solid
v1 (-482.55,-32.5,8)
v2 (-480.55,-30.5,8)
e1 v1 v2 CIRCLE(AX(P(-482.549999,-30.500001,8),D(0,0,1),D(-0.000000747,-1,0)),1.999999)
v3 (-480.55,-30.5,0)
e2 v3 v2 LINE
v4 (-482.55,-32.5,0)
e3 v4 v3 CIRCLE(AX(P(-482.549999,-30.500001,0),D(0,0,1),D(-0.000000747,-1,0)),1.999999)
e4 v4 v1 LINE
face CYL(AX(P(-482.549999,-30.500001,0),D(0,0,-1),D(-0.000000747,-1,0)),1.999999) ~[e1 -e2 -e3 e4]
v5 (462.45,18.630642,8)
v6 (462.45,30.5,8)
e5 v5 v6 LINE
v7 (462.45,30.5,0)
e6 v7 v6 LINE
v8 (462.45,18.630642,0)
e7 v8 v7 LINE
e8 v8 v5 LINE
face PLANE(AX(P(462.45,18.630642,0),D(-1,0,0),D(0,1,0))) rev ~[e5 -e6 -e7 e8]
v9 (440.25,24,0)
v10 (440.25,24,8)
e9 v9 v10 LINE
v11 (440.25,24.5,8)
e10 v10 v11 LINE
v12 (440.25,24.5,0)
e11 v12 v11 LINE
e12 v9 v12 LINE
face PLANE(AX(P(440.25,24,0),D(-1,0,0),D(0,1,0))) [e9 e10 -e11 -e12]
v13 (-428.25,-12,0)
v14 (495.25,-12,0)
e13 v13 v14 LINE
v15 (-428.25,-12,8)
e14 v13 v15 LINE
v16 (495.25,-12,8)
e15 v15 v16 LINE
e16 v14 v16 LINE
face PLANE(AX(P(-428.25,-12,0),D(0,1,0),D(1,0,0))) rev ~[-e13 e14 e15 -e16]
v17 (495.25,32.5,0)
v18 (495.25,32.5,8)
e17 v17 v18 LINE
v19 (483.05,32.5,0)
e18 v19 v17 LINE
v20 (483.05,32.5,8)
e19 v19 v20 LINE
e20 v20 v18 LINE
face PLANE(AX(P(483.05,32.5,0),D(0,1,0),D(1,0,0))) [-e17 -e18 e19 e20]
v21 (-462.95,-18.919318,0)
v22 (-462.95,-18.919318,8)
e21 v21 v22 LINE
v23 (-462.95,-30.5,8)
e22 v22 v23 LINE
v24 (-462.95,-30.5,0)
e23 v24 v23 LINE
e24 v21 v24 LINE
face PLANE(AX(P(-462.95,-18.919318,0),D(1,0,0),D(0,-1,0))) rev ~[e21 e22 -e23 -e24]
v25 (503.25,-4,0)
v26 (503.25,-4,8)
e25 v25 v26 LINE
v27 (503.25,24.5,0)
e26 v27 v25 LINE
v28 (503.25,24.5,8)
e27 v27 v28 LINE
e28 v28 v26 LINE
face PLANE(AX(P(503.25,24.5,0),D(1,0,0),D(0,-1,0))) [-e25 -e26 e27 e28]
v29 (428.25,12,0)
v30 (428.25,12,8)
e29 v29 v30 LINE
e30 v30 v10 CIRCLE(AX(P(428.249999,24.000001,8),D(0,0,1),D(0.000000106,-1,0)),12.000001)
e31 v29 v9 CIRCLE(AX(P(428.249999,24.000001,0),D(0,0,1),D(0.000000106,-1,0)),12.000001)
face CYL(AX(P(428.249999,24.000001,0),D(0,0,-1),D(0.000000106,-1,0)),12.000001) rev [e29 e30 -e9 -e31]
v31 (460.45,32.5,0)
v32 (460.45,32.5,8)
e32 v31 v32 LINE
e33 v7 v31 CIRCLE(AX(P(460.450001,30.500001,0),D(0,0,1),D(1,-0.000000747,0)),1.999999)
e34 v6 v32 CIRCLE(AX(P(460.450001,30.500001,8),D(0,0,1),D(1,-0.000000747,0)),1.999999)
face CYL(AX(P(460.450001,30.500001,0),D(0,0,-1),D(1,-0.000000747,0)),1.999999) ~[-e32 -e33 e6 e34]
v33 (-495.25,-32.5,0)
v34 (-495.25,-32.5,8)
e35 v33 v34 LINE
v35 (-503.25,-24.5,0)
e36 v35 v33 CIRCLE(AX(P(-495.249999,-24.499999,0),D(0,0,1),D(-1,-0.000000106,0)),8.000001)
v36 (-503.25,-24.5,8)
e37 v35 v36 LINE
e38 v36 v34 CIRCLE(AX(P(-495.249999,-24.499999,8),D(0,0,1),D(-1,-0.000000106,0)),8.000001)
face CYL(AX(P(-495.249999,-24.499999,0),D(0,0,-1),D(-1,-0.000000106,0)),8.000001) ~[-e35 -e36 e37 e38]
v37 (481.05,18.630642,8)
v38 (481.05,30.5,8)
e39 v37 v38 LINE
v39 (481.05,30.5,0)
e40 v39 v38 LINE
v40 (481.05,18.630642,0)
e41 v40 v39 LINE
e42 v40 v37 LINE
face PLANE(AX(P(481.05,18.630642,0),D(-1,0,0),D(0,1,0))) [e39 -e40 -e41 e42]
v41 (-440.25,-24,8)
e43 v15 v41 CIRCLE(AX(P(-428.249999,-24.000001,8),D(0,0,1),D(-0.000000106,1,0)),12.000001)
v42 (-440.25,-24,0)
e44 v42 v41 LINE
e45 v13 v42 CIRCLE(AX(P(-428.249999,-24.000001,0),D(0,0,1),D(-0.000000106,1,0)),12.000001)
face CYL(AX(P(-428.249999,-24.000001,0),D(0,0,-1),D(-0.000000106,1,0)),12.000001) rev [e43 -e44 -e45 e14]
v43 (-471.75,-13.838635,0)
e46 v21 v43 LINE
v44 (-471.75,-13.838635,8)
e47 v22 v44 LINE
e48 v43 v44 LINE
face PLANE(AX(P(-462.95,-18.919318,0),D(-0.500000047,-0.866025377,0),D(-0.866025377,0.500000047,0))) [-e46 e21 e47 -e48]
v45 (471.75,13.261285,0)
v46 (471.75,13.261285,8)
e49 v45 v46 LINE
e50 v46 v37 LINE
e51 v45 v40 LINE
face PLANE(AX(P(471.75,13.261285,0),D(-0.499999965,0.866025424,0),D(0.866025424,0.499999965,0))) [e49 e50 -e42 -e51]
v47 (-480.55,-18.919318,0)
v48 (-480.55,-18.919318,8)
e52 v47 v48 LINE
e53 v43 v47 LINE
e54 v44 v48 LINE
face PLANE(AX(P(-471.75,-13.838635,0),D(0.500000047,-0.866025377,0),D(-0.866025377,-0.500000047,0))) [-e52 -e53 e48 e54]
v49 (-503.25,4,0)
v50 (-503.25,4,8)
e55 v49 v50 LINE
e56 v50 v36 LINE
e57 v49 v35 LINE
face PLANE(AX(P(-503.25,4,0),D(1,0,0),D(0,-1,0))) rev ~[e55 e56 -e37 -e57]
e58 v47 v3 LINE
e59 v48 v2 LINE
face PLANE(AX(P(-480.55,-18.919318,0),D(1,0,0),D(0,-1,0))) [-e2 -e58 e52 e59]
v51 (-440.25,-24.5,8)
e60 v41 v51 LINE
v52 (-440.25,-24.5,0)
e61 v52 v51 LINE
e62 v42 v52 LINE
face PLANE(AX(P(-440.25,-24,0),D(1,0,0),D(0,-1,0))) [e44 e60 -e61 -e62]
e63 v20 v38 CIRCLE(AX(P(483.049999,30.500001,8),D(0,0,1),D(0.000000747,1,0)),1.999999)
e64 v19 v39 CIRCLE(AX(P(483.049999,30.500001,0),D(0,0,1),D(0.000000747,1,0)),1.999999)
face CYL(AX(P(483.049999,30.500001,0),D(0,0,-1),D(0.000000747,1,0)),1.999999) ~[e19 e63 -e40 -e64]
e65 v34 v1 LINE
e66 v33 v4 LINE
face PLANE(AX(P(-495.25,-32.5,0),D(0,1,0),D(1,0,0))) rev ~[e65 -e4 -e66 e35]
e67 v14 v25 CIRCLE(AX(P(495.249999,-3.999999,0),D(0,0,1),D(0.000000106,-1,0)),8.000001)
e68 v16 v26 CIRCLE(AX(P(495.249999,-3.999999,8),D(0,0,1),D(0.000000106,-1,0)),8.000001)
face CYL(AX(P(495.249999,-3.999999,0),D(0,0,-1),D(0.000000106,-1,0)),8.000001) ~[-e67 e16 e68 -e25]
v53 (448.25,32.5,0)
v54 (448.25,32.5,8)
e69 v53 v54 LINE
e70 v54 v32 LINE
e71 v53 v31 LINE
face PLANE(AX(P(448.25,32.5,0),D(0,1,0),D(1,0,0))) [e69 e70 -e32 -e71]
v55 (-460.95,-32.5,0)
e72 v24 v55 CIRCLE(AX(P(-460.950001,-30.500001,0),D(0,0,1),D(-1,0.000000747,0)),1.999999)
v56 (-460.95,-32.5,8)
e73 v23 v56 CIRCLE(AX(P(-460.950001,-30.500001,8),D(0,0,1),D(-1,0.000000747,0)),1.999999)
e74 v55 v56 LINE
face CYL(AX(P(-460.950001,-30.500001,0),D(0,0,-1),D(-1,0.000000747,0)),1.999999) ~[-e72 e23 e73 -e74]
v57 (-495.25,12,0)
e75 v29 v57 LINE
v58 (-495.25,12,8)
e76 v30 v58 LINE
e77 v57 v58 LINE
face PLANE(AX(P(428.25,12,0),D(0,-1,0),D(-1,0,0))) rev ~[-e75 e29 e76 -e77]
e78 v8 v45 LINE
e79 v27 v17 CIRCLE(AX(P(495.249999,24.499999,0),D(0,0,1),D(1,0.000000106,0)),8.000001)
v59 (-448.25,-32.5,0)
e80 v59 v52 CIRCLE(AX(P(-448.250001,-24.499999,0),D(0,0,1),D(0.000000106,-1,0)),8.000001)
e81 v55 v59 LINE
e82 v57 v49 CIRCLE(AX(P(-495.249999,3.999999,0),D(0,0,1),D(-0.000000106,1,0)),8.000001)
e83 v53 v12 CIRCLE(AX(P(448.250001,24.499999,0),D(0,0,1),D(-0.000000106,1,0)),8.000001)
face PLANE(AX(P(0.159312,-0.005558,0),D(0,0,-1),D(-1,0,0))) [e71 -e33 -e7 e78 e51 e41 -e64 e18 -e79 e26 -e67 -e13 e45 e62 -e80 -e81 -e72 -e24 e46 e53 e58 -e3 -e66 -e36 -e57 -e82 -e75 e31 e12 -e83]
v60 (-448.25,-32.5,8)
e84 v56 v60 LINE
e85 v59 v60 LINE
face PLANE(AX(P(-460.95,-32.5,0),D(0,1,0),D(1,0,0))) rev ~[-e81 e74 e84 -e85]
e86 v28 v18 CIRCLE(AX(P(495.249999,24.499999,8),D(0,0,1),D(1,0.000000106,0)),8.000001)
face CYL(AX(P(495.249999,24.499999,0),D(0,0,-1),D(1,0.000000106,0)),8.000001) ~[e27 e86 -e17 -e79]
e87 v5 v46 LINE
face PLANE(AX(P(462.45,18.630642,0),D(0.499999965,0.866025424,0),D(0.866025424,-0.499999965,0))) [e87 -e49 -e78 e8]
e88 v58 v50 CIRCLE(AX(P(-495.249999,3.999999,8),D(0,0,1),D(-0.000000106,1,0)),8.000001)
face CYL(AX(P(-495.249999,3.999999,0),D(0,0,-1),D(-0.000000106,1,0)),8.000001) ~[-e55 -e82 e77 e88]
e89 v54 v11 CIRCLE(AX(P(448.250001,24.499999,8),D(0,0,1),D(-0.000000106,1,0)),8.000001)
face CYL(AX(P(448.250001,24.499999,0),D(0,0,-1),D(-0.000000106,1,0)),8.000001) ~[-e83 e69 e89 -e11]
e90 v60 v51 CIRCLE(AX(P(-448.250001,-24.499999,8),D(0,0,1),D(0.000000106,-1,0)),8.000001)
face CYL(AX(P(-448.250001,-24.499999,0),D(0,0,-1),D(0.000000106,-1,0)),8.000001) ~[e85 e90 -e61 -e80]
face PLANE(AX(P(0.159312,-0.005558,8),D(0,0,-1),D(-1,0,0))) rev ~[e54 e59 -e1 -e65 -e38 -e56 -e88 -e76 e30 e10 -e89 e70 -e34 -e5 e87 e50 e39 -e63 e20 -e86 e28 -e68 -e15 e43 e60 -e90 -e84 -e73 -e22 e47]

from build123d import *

# Parameters (mm, degrees)
PAD_DEPTH = 8


with BuildPart() as part:
    # Sketch → Pad (new body)
    with BuildSketch(Plane.XY):
        with BuildLine():
            Line((-428.25, 12), (428.25, 12))
            ThreePointArc((428.25, 12), (436.735281, 15.514719), (440.25, 24))
            Line((440.25, 24), (440.25, 24.5))
            ThreePointArc((448.25, 32.5), (442.593146, 30.156854), (440.25, 24.5))
            Line((448.25, 32.5), (460.45, 32.5))
            ThreePointArc((462.45, 30.5), (461.864214, 31.914214), (460.45, 32.5))
            Line((462.45, 29.369358), (462.45, 30.5))
            Line((462.45, 29.369358), (462.45, 18.630642))
            Line((462.45, 18.630642), (471.75, 13.261285))
            Line((471.75, 13.261285), (481.05, 18.630642))
            Line((481.05, 18.630642), (481.05, 29.369358))
            Line((481.05, 29.369358), (481.05, 30.5))
            ThreePointArc((483.05, 32.5), (481.635786, 31.914214), (481.05, 30.5))
            Line((483.05, 32.5), (495.25, 32.5))
            ThreePointArc((503.25, 24.5), (500.906854, 30.156854), (495.25, 32.5))
            Line((503.25, 24.5), (503.25, -4))
            ThreePointArc((495.25, -12), (500.906854, -9.656854), (503.25, -4))
            Line((428.25, -12), (495.25, -12))
            Line((-428.25, -12), (428.25, -12))
            ThreePointArc((-428.25, -12), (-436.735281, -15.514719), (-440.25, -24))
            Line((-440.25, -24), (-440.25, -24.5))
            ThreePointArc((-448.25, -32.5), (-442.593146, -30.156854), (-440.25, -24.5))
            Line((-460.95, -32.5), (-448.25, -32.5))
            ThreePointArc((-462.95, -30.5), (-462.364214, -31.914214), (-460.95, -32.5))
            Line((-462.95, -29.080682), (-462.95, -30.5))
            Line((-462.95, -29.080682), (-462.95, -18.919318))
            Line((-462.95, -18.919318), (-471.75, -13.838635))
            Line((-471.75, -13.838635), (-480.55, -18.919318))
            Line((-480.55, -18.919318), (-480.55, -29.080682))
            Line((-480.55, -29.080682), (-480.55, -30.5))
            ThreePointArc((-482.55, -32.5), (-481.135786, -31.914214), (-480.55, -30.5))
            Line((-495.25, -32.5), (-482.55, -32.5))
            ThreePointArc((-503.25, -24.5), (-500.906854, -30.156854), (-495.25, -32.5))
            Line((-503.25, 4), (-503.25, -24.5))
            ThreePointArc((-495.25, 12), (-500.906854, 9.656854), (-503.25, 4))
            Line((-428.25, 12), (-495.25, 12))
        make_face()
    extrude(amount=PAD_DEPTH)


solid = part.part
